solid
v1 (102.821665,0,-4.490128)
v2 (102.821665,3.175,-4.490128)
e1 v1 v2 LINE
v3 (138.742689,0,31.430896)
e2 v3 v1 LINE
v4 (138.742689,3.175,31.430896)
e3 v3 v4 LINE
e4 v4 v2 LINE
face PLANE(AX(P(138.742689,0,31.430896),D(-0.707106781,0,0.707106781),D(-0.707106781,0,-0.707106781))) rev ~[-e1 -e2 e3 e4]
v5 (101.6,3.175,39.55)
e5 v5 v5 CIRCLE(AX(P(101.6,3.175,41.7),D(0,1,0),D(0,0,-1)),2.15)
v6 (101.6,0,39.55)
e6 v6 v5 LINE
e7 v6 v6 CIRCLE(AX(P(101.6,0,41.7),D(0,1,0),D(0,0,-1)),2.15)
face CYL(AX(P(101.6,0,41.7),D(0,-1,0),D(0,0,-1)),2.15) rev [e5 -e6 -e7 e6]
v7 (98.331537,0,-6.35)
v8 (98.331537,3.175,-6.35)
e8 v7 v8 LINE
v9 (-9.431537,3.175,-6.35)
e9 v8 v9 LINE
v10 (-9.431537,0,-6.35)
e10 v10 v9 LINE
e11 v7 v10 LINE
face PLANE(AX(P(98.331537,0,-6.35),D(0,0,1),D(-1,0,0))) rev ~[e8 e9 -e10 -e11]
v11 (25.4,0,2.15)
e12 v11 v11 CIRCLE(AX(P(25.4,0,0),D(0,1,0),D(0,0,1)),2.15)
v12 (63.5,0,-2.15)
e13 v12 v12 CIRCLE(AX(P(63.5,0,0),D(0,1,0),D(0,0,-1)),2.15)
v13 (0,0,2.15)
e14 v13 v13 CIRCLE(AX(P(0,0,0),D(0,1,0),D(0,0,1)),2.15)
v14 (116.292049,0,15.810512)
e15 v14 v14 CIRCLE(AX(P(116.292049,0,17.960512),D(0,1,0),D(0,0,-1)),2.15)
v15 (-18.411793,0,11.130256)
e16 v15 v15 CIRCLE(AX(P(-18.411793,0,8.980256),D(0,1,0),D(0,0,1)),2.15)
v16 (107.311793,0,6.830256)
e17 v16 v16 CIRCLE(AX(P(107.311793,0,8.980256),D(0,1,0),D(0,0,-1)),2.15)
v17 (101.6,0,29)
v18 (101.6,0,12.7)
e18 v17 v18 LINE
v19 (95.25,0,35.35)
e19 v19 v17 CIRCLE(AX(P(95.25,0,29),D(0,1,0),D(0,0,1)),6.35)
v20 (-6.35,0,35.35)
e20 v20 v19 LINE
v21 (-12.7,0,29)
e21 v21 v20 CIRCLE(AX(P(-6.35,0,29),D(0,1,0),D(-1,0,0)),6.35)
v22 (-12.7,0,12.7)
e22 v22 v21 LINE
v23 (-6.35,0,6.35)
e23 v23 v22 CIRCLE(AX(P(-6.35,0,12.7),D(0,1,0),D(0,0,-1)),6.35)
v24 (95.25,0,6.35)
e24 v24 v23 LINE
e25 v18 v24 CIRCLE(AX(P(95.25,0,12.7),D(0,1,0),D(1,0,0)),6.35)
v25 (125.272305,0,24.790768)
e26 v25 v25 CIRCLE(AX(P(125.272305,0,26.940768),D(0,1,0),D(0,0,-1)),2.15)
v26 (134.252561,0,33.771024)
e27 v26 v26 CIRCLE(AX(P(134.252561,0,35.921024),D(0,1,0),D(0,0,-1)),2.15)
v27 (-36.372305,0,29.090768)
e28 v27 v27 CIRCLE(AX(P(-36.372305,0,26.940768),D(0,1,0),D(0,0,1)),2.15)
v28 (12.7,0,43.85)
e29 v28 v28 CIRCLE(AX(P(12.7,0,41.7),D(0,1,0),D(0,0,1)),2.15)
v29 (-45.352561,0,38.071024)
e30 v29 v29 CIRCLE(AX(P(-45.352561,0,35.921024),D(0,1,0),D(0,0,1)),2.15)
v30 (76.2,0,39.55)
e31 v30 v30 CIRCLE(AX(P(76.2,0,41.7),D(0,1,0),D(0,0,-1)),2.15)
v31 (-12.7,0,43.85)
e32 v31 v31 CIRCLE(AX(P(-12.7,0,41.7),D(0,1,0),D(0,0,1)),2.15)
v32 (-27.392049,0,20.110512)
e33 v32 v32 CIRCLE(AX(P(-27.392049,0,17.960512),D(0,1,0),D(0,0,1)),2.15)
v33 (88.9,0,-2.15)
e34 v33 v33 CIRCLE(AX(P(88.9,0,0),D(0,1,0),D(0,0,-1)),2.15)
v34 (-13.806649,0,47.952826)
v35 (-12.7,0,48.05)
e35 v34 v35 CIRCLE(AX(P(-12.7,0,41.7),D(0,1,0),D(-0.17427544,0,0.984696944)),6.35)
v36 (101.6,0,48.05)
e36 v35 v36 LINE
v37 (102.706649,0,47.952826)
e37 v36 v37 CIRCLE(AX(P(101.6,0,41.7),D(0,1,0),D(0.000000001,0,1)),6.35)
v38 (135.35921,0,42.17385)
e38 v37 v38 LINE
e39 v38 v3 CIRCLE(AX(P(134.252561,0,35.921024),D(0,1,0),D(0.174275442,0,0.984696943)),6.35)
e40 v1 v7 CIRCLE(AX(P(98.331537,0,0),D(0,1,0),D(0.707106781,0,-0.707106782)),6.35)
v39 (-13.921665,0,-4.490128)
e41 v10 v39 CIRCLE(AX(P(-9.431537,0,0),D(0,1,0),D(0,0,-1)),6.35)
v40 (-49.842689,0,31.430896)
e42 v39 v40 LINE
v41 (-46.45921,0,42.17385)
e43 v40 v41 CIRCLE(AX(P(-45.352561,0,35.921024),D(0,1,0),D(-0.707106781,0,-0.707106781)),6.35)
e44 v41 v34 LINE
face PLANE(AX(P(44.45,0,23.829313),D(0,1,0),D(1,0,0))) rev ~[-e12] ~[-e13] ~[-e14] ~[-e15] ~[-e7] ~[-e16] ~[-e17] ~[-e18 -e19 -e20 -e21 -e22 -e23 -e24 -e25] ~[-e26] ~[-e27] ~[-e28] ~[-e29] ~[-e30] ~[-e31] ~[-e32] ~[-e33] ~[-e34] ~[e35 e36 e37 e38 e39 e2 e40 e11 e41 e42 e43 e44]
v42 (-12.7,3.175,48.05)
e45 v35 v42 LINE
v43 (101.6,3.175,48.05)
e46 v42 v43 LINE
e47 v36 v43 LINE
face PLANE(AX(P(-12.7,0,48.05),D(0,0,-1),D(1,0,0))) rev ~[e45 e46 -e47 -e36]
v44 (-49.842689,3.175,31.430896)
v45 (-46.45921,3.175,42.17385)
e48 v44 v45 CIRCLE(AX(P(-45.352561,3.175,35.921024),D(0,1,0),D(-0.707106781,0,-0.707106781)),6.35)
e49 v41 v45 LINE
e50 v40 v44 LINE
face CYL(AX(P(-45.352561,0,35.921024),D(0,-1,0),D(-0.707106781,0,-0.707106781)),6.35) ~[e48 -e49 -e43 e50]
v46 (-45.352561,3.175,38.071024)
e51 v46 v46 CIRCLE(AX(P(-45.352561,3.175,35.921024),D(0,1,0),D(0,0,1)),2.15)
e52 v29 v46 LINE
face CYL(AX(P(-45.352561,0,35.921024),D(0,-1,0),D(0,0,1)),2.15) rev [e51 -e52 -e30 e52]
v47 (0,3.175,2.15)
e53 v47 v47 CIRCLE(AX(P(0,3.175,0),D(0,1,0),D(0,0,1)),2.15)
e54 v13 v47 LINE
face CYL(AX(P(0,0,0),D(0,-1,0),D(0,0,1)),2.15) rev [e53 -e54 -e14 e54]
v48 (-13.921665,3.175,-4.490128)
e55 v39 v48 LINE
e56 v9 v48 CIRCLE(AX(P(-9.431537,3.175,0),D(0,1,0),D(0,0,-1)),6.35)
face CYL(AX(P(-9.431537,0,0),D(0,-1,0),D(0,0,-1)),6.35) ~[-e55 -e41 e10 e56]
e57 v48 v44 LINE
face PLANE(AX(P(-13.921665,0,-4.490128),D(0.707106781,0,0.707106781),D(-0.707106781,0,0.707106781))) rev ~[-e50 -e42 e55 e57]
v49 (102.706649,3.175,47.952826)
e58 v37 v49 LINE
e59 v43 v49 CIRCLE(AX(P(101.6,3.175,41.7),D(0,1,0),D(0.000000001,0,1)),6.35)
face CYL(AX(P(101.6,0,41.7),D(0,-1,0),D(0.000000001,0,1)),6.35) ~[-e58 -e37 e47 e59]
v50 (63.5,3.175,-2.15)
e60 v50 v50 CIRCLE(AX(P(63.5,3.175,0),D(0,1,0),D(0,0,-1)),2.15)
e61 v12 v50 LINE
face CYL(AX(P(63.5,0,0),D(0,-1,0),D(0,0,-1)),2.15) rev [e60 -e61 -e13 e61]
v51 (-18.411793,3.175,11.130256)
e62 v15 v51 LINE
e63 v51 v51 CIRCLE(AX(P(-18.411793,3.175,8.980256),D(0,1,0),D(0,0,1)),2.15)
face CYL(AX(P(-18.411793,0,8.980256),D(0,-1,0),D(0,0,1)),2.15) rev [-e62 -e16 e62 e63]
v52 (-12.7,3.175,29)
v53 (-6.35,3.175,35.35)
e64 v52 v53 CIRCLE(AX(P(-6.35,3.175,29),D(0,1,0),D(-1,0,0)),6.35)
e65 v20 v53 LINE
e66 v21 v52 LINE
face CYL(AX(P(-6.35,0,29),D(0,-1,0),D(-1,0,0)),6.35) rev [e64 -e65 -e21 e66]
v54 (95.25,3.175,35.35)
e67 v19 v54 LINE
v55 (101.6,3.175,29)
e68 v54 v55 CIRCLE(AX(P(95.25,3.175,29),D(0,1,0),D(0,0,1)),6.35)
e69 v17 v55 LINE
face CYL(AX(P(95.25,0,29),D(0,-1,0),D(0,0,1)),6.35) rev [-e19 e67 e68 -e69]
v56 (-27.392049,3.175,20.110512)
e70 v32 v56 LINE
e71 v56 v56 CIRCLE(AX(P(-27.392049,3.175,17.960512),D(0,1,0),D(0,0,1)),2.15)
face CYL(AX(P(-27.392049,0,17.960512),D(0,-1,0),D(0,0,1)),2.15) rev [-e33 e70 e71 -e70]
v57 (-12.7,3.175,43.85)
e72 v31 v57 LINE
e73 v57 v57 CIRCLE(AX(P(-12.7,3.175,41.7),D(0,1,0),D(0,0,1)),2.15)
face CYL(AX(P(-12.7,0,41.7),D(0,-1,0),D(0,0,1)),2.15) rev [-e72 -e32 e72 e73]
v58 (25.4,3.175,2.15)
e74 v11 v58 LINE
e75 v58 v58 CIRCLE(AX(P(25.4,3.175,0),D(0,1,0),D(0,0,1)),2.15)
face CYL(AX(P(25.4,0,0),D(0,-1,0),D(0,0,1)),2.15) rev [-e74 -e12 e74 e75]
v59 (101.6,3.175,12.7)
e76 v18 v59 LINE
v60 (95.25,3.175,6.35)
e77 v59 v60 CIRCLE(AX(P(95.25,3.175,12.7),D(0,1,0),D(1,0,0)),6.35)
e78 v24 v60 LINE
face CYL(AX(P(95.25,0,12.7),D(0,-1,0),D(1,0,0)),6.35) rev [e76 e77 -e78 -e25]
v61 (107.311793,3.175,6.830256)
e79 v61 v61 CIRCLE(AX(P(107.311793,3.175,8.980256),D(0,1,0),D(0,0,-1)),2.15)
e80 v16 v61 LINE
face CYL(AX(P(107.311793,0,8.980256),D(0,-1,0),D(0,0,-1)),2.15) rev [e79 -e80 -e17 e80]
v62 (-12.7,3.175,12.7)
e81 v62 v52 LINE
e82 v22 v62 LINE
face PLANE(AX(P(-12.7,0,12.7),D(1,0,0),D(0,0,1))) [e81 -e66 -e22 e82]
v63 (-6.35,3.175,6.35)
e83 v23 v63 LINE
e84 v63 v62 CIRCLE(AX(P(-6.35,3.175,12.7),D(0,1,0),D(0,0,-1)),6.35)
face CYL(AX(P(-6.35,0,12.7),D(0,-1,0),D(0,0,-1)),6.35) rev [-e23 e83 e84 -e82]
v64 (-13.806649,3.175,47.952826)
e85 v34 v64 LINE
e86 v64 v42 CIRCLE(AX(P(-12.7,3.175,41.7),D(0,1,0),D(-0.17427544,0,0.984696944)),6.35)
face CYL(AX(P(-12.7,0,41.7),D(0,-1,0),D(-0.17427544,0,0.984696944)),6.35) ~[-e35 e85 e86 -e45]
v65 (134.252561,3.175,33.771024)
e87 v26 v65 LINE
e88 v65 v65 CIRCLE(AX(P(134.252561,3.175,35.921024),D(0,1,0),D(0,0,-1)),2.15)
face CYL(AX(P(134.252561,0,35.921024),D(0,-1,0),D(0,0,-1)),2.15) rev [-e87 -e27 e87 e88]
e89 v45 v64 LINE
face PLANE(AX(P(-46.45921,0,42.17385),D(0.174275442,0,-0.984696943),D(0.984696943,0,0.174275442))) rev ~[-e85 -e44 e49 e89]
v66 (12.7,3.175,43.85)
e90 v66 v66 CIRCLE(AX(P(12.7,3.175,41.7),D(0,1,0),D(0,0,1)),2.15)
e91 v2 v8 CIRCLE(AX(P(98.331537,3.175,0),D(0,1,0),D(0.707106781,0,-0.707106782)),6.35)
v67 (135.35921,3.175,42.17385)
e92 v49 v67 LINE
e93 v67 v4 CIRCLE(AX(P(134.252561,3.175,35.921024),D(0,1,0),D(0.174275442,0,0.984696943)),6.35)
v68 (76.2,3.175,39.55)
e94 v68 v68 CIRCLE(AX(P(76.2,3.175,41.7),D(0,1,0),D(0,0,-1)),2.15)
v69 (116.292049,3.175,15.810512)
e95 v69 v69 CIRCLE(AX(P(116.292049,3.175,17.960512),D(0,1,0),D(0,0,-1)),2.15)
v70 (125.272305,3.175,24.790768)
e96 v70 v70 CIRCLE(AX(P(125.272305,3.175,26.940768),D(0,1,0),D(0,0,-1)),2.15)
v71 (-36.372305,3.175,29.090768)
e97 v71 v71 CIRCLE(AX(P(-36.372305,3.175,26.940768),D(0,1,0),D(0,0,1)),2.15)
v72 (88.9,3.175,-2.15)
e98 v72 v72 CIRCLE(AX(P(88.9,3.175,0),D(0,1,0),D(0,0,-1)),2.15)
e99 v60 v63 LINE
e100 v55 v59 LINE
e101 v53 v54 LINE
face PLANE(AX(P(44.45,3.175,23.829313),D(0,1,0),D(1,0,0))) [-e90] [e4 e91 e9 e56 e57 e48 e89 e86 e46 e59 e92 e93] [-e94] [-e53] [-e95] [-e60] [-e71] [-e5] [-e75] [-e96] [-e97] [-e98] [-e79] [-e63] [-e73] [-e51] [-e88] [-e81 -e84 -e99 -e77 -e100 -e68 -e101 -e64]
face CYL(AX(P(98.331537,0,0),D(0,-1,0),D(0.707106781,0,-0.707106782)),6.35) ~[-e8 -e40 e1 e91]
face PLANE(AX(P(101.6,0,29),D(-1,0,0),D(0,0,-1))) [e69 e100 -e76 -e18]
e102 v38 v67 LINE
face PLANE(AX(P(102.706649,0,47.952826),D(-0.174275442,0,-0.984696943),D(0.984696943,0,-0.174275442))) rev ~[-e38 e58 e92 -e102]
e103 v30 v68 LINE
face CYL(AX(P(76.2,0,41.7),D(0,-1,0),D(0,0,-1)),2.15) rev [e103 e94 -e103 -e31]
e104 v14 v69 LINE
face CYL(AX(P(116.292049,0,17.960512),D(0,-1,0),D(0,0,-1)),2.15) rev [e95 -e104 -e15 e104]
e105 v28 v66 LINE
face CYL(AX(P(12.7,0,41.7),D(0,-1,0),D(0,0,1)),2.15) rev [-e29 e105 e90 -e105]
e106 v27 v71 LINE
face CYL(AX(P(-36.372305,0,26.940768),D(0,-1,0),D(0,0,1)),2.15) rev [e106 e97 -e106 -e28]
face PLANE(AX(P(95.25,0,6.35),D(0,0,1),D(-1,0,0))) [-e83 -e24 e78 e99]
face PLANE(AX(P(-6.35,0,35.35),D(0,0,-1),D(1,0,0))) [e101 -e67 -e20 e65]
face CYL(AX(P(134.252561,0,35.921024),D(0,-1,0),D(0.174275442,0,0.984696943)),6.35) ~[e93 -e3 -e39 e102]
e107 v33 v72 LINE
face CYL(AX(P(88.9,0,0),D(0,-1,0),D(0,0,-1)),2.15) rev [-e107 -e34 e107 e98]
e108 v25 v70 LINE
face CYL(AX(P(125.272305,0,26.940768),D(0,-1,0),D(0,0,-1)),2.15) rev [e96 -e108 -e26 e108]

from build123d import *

# Parameters (mm, degrees)
SKETCH1_R           = 2.15
BOSS_EXTRUDE1_DEPTH = 3.175


with BuildPart() as part:
    # Sketch1 → Boss-Extrude1 (new body)
    with BuildSketch(Plane(origin=(0, 0, 0), x_dir=(1, 0, 0), z_dir=(0, 1, 0))):
        with BuildLine():
            Line((98.331536726, 6.35), (-9.431536726, 6.35))
            ThreePointArc((-9.431536726, 6.35), (-11.861576522, 5.866635031), (-13.921664787, 4.490128061))
            Line((-13.921664787, 4.490128061), (-49.842689271, -31.430896424))
            ThreePointArc((-49.842689271, -31.430896424), (-51.409271688, -37.828577417), (-46.459210265, -42.173850075))
            Line((-46.459210265, -42.173850075), (-13.806649055, -47.952825591))
            ThreePointArc((-13.806649055, -47.952825591), (-13.255453642, -48.025659748), (-12.7, -48.05))
            Line((-12.7, -48.05), (101.6, -48.05))
            ThreePointArc((101.6, -48.05), (102.155453642, -48.025659748), (102.706649055, -47.952825591))
            Line((102.706649055, -47.952825591), (135.359210265, -42.173850075))
            ThreePointArc((135.359210265, -42.173850075), (140.309271688, -37.828577417), (138.742689271, -31.430896424))
            Line((138.742689271, -31.430896424), (102.821664787, 4.490128061))
            ThreePointArc((102.821664787, 4.490128061), (100.761576522, 5.866635031), (98.331536726, 6.35))
        make_face()
        with Locations(Location((0, 0, 0), (0, 0, 270))):
            Circle(SKETCH1_R, mode=Mode.SUBTRACT)
        with Locations(Location((25.4, 0, 0), (0, 0, 270))):
            Circle(SKETCH1_R, mode=Mode.SUBTRACT)
        with Locations(Location((-18.411792847, -8.980256121, 0), (0, 0, 270))):
            Circle(SKETCH1_R, mode=Mode.SUBTRACT)
        with Locations(Location((-27.392048969, -17.960512242, 0), (0, 0, 270))):
            Circle(SKETCH1_R, mode=Mode.SUBTRACT)
        with Locations(Location((-36.37230509, -26.940768363, 0), (0, 0, 270))):
            Circle(SKETCH1_R, mode=Mode.SUBTRACT)
        with Locations(Location((-45.352561211, -35.921024484, 0), (0, 0, 270))):
            Circle(SKETCH1_R, mode=Mode.SUBTRACT)
        with Locations(Location((-12.7, -41.7, 0), (0, 0, 270))):
            Circle(SKETCH1_R, mode=Mode.SUBTRACT)
        with Locations(Location((12.7, -41.7, 0), (0, 0, 270))):
            Circle(SKETCH1_R, mode=Mode.SUBTRACT)
        with Locations(Location((63.5, 0, 0), (0, 0, 90))):
            Circle(SKETCH1_R, mode=Mode.SUBTRACT)
        with Locations(Location((88.9, 0, 0), (0, 0, 90))):
            Circle(SKETCH1_R, mode=Mode.SUBTRACT)
        with Locations(Location((107.311792847, -8.980256121, 0), (0, 0, 90))):
            Circle(SKETCH1_R, mode=Mode.SUBTRACT)
        with Locations(Location((116.292048969, -17.960512242, 0), (0, 0, 90))):
            Circle(SKETCH1_R, mode=Mode.SUBTRACT)
        with Locations(Location((134.252561211, -35.921024484, 0), (0, 0, 90))):
            Circle(SKETCH1_R, mode=Mode.SUBTRACT)
        with Locations(Location((125.27230509, -26.940768363, 0), (0, 0, 90))):
            Circle(SKETCH1_R, mode=Mode.SUBTRACT)
        with Locations(Location((76.2, -41.7, 0), (0, 0, 90))):
            Circle(SKETCH1_R, mode=Mode.SUBTRACT)
        with Locations(Location((101.6, -41.7, 0), (0, 0, 90))):
            Circle(SKETCH1_R, mode=Mode.SUBTRACT)
        with BuildLine():
            Line((95.25, -6.35), (-6.35, -6.35))
            ThreePointArc((-6.35, -6.35), (-10.840128061, -8.209871939), (-12.7, -12.7))
            Line((-12.7, -12.7), (-12.7, -29))
            ThreePointArc((-12.7, -29), (-10.840128061, -33.490128061), (-6.35, -35.35))
            Line((-6.35, -35.35), (95.25, -35.35))
            ThreePointArc((95.25, -35.35), (99.740128061, -33.490128061), (101.6, -29))
            Line((101.6, -29), (101.6, -12.7))
            ThreePointArc((101.6, -12.7), (99.740128061, -8.209871939), (95.25, -6.35))
        make_face(mode=Mode.SUBTRACT)
    extrude(amount=BOSS_EXTRUDE1_DEPTH)


solid = part.part
